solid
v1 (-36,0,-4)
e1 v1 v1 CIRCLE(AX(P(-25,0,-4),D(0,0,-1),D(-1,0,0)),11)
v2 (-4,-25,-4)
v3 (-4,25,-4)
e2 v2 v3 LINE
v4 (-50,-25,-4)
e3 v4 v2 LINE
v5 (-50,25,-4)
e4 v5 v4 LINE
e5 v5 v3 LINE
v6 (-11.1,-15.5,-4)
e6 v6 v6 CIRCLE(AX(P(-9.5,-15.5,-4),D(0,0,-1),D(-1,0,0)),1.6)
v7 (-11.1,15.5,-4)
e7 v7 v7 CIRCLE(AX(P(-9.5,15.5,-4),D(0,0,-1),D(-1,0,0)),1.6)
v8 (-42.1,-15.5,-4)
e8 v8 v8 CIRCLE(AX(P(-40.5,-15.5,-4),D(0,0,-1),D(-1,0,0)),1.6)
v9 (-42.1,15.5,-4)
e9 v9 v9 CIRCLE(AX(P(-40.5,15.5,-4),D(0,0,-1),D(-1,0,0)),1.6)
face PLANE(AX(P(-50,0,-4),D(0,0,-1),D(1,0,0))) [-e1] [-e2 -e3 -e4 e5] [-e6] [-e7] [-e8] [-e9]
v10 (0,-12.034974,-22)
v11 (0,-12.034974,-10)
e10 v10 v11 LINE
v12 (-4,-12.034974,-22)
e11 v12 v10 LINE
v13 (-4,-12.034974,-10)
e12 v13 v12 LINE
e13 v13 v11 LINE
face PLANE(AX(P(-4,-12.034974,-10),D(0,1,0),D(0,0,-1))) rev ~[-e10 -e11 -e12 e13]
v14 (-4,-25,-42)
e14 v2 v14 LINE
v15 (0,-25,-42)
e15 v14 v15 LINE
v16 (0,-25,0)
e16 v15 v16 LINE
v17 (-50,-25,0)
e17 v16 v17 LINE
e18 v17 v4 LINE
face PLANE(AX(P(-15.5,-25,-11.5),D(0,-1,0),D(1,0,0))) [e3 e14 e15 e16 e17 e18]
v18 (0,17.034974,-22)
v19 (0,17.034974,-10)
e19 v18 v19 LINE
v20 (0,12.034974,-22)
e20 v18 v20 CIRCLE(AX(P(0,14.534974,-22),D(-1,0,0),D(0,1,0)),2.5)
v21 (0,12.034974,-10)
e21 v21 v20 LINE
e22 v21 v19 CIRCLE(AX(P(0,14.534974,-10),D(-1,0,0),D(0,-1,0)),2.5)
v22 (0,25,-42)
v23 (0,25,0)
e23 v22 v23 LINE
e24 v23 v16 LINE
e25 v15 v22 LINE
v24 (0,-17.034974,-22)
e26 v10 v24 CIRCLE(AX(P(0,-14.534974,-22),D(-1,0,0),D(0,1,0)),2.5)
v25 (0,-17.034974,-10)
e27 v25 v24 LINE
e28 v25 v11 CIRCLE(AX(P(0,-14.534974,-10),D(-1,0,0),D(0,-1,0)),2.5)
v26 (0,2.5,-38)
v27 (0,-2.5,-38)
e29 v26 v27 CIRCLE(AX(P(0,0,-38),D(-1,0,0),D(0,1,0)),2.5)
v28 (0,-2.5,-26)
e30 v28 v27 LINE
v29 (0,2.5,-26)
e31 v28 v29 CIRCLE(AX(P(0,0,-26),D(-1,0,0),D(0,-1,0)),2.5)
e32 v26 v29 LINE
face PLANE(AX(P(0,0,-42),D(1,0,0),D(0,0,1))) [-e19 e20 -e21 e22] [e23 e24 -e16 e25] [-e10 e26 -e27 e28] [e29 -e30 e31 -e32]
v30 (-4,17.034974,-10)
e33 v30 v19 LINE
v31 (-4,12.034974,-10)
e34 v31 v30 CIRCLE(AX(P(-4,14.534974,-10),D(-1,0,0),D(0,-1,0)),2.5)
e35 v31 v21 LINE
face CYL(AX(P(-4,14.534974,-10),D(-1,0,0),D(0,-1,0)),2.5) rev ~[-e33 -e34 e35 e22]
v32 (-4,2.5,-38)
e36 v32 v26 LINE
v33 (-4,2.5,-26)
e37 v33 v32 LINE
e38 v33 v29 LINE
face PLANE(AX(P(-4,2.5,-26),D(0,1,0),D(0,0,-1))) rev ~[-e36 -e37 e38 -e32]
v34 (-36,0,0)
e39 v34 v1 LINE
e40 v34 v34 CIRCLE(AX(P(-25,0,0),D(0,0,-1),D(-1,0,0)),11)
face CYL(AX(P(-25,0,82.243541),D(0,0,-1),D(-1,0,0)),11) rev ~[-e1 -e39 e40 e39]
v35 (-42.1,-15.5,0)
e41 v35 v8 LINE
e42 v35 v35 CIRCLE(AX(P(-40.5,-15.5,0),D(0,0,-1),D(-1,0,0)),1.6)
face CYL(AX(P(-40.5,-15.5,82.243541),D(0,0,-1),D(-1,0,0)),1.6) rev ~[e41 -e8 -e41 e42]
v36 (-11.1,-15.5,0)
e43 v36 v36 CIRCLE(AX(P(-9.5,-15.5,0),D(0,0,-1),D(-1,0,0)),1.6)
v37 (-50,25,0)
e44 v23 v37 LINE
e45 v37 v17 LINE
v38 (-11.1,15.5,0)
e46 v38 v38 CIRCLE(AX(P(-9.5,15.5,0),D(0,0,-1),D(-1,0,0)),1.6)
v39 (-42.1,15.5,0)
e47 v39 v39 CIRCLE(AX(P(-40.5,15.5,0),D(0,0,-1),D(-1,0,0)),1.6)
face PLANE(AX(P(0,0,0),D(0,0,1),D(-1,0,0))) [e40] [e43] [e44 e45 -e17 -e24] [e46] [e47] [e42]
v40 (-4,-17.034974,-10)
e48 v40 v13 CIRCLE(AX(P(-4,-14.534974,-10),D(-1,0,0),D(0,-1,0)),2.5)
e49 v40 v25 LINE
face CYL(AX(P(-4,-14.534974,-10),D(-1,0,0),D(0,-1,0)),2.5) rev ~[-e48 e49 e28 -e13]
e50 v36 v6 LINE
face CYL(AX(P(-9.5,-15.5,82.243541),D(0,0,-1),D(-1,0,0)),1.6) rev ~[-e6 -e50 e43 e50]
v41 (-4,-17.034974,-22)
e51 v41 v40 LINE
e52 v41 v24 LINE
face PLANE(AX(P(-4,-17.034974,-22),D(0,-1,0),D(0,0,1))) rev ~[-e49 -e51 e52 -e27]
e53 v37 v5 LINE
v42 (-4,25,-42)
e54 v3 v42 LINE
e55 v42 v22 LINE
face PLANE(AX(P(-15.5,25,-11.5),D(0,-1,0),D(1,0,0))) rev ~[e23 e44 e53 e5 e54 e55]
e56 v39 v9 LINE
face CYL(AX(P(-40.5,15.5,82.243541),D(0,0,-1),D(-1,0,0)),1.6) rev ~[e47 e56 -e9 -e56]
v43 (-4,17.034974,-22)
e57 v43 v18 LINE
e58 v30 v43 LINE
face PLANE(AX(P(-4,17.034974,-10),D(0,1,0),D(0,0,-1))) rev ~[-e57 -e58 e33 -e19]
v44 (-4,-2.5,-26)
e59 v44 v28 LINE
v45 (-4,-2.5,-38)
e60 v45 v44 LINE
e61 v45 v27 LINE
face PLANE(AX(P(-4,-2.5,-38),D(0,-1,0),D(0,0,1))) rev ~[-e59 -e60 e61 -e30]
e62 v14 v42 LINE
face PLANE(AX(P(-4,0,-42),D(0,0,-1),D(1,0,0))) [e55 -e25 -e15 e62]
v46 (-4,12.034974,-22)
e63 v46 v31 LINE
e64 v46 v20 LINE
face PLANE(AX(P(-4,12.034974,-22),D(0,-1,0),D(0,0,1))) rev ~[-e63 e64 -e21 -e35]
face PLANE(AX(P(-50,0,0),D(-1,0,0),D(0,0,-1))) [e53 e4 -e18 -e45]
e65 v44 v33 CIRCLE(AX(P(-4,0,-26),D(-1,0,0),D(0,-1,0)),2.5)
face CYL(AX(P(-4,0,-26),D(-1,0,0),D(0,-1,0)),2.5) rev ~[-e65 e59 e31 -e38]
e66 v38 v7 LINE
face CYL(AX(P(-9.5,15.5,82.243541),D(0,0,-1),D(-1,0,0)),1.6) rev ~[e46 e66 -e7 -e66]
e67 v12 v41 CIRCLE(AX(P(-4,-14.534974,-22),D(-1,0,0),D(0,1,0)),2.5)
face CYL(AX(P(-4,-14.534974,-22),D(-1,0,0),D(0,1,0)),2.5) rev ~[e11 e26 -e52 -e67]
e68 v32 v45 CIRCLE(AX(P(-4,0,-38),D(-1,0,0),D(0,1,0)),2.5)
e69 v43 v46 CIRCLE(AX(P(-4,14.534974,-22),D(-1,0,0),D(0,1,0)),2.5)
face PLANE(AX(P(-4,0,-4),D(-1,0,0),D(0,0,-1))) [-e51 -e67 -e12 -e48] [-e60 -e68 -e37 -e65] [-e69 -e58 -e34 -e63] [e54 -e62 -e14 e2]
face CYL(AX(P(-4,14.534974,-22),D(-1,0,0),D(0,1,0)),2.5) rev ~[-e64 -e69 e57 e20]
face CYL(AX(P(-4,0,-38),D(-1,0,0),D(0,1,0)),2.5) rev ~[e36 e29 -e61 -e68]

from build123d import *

# Parameters (mm, degrees)
F1_DEPTH = 25
F3_D     = 3.2
F4_D     = 22
F6_DEPTH = 4.001


with BuildPart() as f1:
    # F0 (on Front) → F1 (new body, symmetric)
    with BuildSketch(Plane.XZ):
        Polygon((0, -42), (0, 0), (-50, 0), (-50, -4), (-4, -4), (-4, -42), align=None)
    extrude(amount=F1_DEPTH, both=True)

    # F3 (through all)
    with Locations(Plane.XY):
        with Locations((-9.5, 15.5), (-9.5, -15.5), (-40.5, -15.5), (-40.5, 15.5)):
            Hole(F3_D / 2)

    # F4 (through all)
    with Locations(Plane.XY):
        with Locations((-25, 0)):
            Hole(F4_D / 2)

    # F5 (on face) → F6 (cut, through all)
    with BuildSketch(Plane(origin=(-4, 0, 0), x_dir=(0, -1, 0), z_dir=(-1, 0, 0))):
        with BuildLine():
            ThreePointArc((-17.034974, -22), (-14.534974, -24.5), (-12.034974, -22))
            Line((-12.034974, -22), (-12.034974, -10))
            ThreePointArc((-12.034974, -10), (-14.534974, -7.5), (-17.034974, -10))
            Line((-17.034974, -10), (-17.034974, -22))
        make_face()
        with BuildLine():
            ThreePointArc((-2.5, -38), (0, -40.5), (2.5, -38))
            Line((2.5, -38), (2.5, -26))
            ThreePointArc((2.5, -26), (0, -23.5), (-2.5, -26))
            Line((-2.5, -26), (-2.5, -38))
        make_face()
        with BuildLine():
            ThreePointArc((12.034974, -22), (14.534974, -24.5), (17.034974, -22))
            Line((17.034974, -22), (17.034974, -10))
            ThreePointArc((17.034974, -10), (14.534974, -7.5), (12.034974, -10))
            Line((12.034974, -10), (12.034974, -22))
        make_face()
    extrude(amount=-F6_DEPTH, mode=Mode.SUBTRACT)


solid = f1.part
